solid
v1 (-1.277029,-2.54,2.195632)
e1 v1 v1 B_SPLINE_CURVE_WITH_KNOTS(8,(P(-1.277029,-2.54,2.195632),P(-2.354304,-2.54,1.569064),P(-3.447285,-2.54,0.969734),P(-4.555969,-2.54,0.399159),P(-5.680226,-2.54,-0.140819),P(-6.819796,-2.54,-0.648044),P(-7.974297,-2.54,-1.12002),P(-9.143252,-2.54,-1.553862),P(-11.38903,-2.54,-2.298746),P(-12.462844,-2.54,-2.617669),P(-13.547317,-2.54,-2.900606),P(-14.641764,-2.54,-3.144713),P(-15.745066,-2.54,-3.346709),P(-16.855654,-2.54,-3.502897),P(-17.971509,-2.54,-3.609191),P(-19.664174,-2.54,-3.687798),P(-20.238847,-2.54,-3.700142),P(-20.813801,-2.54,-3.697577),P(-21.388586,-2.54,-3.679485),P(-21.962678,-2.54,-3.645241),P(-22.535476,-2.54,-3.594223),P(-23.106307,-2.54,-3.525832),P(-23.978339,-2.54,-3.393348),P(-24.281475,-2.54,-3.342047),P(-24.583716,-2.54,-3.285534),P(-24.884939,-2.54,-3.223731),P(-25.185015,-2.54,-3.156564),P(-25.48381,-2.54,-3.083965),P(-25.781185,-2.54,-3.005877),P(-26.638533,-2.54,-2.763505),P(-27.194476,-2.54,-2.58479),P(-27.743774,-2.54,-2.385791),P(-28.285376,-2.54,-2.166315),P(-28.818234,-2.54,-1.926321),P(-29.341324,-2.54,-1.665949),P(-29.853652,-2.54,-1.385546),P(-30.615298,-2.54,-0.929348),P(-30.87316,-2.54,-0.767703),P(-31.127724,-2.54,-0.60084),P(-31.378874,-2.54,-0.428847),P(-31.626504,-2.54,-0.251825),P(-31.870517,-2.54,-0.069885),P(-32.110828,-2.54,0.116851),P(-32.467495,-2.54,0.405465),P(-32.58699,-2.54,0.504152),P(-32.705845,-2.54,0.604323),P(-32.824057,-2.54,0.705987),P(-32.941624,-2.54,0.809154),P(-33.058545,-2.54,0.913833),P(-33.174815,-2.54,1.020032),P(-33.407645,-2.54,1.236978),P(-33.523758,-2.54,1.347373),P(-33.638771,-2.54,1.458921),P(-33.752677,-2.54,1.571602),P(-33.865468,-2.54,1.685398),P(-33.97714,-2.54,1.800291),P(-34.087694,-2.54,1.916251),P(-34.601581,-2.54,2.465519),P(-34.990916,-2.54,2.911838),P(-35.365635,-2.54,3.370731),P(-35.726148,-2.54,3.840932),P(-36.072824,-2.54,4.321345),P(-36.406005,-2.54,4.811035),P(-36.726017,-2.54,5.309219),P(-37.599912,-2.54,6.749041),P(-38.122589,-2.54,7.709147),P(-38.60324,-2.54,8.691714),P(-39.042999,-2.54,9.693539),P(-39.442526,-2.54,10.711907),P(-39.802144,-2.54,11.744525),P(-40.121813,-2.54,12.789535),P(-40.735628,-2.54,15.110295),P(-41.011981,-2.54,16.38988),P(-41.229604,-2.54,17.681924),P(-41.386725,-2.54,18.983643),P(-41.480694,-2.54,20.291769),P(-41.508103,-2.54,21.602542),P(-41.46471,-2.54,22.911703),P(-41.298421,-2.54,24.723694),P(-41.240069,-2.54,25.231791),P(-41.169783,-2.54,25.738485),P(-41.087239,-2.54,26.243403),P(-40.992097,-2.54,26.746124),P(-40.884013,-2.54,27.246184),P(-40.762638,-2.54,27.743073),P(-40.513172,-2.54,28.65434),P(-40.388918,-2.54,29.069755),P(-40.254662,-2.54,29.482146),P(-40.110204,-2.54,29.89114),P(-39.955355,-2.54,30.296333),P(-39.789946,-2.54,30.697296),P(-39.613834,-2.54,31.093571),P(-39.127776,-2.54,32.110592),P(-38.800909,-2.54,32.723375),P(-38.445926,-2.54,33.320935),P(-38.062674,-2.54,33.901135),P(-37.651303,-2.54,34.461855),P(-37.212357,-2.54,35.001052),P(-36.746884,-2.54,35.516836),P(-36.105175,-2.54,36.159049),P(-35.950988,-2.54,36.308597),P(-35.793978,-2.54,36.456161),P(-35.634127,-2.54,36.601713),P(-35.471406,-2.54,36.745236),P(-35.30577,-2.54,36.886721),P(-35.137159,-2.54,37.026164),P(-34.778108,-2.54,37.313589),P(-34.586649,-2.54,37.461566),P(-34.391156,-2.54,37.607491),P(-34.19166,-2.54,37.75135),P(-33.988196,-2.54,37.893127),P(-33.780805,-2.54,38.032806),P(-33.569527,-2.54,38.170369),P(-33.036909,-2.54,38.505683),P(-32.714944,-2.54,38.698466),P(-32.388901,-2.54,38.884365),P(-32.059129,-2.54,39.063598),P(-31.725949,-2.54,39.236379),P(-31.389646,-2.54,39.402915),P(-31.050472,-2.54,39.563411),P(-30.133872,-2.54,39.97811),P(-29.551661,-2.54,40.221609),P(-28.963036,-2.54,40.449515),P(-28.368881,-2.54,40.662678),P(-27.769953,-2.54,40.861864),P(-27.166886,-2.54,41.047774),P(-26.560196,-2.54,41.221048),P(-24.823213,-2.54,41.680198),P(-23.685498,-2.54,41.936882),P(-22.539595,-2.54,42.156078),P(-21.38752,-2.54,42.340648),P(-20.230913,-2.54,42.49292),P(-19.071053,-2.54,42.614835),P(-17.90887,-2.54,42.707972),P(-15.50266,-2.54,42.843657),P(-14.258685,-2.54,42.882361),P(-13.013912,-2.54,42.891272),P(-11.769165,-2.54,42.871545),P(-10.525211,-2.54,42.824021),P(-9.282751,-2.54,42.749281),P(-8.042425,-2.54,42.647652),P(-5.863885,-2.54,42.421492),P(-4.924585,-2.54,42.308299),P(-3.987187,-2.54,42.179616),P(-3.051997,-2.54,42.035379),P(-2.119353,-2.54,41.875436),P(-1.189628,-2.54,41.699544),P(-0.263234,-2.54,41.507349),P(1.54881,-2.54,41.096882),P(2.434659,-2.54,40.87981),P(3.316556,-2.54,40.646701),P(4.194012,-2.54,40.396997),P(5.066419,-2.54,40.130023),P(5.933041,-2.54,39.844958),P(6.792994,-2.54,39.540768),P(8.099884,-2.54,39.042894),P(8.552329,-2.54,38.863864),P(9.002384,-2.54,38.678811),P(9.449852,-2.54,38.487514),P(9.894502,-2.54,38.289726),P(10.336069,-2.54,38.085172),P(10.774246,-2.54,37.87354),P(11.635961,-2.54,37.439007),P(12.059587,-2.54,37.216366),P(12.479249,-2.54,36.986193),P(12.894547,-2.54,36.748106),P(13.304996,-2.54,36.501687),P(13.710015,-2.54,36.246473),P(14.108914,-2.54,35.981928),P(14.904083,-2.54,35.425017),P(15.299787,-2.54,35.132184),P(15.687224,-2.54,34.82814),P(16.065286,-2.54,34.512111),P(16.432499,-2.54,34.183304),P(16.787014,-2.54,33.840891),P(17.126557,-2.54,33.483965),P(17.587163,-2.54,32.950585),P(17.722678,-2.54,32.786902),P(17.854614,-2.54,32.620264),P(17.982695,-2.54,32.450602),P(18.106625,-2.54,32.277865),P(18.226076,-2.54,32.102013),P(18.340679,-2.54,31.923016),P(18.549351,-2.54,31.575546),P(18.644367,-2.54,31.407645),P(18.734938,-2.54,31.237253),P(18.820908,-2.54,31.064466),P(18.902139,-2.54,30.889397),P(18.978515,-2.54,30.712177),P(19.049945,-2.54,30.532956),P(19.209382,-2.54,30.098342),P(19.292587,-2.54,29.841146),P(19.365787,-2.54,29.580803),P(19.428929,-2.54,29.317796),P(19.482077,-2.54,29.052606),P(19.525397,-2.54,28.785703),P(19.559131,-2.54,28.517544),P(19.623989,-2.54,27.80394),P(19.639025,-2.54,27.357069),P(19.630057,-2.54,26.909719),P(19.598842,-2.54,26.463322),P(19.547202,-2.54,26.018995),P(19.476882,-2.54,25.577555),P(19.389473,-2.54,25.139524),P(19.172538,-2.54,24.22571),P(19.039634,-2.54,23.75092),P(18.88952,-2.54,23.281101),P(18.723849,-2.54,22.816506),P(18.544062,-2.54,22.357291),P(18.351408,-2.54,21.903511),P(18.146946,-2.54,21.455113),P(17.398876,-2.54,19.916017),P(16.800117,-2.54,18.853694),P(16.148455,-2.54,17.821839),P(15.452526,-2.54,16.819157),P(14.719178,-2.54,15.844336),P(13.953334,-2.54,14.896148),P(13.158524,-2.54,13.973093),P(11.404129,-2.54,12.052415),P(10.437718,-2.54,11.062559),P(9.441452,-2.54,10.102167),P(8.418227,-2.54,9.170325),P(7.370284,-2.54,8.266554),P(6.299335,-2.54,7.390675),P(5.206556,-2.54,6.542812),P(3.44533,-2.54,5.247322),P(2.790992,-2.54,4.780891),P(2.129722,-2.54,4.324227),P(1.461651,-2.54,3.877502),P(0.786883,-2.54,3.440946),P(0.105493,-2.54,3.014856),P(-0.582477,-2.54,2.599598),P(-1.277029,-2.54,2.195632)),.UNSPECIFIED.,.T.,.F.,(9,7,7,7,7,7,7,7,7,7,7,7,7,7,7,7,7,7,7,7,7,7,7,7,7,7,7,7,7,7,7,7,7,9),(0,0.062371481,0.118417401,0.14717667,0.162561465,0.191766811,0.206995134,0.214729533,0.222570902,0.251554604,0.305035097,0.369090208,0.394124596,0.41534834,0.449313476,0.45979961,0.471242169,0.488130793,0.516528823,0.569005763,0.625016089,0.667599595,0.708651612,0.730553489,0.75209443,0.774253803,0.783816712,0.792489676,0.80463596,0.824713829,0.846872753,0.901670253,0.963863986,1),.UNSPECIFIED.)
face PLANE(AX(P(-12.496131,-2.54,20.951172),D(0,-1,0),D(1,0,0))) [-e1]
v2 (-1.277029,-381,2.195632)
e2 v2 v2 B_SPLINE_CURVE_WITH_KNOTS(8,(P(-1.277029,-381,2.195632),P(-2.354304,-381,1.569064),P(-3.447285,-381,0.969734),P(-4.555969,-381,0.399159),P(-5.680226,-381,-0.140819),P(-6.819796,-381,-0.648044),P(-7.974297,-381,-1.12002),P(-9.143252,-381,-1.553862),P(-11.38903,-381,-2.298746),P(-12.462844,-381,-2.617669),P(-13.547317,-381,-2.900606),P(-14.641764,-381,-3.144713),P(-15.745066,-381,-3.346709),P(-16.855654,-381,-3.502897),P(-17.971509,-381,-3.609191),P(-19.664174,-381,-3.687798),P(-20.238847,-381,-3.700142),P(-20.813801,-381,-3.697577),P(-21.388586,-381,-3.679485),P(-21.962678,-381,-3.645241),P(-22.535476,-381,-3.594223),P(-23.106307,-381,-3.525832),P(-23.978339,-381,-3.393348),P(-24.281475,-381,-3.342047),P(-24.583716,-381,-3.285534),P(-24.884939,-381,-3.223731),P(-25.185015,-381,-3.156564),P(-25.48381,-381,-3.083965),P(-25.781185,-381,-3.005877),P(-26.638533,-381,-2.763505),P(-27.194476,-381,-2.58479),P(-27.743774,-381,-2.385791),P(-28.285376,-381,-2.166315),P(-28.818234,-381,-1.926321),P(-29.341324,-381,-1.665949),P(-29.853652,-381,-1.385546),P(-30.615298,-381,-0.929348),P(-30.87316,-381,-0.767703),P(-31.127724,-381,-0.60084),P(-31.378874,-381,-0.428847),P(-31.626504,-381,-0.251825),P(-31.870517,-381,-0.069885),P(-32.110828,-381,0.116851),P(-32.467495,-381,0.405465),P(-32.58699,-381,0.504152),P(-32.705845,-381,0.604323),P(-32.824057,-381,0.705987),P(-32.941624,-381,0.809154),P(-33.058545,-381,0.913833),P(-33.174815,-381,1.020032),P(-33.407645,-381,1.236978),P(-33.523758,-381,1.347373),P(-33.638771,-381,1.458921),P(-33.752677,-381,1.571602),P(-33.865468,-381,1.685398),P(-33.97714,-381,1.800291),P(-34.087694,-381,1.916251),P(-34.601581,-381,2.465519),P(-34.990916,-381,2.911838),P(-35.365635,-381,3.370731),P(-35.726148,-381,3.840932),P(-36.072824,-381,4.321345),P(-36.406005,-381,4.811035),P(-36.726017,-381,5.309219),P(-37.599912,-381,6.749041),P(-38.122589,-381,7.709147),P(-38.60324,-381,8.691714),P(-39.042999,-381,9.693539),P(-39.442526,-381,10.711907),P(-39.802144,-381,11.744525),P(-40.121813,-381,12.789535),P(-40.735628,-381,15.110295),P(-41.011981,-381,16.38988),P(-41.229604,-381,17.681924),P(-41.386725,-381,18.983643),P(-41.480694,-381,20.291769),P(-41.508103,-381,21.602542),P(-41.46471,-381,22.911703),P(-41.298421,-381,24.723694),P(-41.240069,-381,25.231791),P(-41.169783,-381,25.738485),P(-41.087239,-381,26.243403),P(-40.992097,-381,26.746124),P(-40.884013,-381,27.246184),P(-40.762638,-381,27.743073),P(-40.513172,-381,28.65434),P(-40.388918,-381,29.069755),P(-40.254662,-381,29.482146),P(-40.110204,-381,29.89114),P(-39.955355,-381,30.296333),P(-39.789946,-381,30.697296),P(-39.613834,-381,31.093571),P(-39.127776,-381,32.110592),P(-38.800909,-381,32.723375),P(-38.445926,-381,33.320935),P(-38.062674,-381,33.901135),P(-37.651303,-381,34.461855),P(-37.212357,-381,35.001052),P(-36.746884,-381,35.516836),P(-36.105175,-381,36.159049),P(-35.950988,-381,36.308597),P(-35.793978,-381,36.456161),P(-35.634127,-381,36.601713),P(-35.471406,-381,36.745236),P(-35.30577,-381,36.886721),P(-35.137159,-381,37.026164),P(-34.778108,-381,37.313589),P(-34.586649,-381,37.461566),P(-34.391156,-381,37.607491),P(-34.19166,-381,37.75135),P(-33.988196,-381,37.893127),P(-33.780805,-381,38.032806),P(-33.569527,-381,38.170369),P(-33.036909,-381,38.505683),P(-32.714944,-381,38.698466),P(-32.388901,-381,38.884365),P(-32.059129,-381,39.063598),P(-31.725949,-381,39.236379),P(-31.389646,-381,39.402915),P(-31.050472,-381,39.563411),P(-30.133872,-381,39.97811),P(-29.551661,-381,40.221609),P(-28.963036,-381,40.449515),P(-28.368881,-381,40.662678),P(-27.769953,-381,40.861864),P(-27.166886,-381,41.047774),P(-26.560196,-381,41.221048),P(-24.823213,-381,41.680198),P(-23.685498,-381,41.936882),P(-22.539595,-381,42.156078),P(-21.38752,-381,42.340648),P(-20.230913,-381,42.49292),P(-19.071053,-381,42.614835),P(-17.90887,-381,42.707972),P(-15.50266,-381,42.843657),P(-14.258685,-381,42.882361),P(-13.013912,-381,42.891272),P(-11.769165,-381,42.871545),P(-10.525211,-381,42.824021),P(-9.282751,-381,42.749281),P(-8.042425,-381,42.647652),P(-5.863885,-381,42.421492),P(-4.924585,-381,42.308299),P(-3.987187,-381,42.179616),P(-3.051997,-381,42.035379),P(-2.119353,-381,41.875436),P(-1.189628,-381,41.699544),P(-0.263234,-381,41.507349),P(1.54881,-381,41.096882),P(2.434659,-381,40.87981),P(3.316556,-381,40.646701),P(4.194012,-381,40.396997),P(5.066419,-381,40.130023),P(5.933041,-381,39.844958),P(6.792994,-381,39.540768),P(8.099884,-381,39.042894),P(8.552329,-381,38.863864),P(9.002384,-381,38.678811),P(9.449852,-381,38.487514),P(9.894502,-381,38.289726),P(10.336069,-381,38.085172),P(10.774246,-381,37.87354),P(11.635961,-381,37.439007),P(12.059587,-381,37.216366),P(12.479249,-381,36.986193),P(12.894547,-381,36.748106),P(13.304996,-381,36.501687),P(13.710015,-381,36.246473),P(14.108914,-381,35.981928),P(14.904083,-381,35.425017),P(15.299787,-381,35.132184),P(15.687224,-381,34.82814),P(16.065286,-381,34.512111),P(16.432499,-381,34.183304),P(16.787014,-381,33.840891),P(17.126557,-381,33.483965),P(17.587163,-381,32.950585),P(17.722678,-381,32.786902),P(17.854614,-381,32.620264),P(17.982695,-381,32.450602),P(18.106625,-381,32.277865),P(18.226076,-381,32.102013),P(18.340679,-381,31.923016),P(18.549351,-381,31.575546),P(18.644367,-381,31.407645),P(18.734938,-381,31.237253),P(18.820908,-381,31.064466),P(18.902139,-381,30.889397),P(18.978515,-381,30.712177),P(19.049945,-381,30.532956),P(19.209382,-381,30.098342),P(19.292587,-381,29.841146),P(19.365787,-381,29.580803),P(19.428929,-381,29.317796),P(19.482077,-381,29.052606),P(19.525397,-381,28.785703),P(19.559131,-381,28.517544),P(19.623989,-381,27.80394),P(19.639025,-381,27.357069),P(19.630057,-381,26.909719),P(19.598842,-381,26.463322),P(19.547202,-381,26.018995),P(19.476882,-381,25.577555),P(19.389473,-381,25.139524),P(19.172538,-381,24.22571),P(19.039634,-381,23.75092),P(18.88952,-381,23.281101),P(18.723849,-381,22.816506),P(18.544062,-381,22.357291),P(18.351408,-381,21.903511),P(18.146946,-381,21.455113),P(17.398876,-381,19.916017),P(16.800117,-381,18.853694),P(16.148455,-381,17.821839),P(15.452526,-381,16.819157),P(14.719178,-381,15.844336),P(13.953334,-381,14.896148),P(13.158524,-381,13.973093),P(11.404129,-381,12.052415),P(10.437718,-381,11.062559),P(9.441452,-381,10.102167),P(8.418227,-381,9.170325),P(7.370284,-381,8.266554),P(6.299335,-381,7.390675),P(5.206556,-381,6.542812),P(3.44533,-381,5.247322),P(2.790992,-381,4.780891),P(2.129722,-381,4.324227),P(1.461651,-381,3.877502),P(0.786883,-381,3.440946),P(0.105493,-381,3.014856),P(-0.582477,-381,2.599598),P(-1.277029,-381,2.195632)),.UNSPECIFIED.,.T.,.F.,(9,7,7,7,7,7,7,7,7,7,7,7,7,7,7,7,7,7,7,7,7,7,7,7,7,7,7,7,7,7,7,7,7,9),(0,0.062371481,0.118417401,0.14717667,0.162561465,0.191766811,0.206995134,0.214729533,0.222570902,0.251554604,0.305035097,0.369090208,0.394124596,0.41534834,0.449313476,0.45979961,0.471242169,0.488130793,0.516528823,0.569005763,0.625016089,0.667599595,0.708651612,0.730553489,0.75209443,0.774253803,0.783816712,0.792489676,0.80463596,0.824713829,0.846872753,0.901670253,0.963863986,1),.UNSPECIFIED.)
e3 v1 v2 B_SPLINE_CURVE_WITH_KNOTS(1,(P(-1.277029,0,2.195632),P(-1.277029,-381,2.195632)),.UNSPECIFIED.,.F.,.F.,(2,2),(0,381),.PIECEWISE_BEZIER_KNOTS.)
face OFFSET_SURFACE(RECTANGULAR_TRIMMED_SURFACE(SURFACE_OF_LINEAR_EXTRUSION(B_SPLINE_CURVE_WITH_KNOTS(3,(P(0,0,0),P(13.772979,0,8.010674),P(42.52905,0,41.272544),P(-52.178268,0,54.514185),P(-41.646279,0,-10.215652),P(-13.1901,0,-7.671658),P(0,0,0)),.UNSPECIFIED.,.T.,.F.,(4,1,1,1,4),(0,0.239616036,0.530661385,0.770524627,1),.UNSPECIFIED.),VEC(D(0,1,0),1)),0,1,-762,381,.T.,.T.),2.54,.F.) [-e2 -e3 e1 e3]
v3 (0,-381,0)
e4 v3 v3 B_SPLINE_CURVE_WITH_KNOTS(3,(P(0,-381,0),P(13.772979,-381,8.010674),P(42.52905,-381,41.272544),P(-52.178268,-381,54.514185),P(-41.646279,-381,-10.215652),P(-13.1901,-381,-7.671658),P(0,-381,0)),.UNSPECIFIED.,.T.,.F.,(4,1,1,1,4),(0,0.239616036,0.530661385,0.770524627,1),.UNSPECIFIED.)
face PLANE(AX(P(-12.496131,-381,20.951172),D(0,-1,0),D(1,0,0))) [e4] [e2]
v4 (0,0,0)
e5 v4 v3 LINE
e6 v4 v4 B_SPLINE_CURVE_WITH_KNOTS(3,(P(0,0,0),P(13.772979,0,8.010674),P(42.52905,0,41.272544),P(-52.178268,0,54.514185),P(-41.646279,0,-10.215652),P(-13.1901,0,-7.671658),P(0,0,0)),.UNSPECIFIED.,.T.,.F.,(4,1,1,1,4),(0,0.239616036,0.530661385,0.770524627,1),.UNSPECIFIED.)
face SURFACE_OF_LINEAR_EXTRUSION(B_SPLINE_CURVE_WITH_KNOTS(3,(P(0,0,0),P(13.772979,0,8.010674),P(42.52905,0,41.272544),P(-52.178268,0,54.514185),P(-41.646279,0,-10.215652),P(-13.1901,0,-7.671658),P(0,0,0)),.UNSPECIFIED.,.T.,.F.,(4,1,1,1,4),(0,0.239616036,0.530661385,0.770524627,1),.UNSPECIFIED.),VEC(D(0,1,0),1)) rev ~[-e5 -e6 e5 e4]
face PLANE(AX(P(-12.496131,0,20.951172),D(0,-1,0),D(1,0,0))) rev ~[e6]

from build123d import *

# Parameters (mm, degrees)
F1_DEPTH = 381
F2_T     = -2.54


with BuildPart() as f1:
    # F0 (on Front) → F1 (new body)
    with BuildSketch(Plane.XZ):
        with BuildLine():
            add(Edge.make_bspline(
                [(0, 0), (13.7729789611, 8.0106739459), (42.5290499963, 41.2725435136), (-52.1782677935, 54.5141846001), (-41.6462789912, -10.215652155), (-13.1901000124, -7.6716584561), (0, 0)],
                knots=[0, 0, 0, 0, 0.239616036, 0.5306613846, 0.7705246273, 1, 1, 1, 1], degree=3))
        make_face()
    extrude(amount=F1_DEPTH)

    # F2
    f2_openings = [f1.faces().sort_by_distance(p)[0] for p in [
        (-12.818411, -381, 21.047939),
    ]]
    offset(amount=F2_T, openings=f2_openings)


solid = f1.part
